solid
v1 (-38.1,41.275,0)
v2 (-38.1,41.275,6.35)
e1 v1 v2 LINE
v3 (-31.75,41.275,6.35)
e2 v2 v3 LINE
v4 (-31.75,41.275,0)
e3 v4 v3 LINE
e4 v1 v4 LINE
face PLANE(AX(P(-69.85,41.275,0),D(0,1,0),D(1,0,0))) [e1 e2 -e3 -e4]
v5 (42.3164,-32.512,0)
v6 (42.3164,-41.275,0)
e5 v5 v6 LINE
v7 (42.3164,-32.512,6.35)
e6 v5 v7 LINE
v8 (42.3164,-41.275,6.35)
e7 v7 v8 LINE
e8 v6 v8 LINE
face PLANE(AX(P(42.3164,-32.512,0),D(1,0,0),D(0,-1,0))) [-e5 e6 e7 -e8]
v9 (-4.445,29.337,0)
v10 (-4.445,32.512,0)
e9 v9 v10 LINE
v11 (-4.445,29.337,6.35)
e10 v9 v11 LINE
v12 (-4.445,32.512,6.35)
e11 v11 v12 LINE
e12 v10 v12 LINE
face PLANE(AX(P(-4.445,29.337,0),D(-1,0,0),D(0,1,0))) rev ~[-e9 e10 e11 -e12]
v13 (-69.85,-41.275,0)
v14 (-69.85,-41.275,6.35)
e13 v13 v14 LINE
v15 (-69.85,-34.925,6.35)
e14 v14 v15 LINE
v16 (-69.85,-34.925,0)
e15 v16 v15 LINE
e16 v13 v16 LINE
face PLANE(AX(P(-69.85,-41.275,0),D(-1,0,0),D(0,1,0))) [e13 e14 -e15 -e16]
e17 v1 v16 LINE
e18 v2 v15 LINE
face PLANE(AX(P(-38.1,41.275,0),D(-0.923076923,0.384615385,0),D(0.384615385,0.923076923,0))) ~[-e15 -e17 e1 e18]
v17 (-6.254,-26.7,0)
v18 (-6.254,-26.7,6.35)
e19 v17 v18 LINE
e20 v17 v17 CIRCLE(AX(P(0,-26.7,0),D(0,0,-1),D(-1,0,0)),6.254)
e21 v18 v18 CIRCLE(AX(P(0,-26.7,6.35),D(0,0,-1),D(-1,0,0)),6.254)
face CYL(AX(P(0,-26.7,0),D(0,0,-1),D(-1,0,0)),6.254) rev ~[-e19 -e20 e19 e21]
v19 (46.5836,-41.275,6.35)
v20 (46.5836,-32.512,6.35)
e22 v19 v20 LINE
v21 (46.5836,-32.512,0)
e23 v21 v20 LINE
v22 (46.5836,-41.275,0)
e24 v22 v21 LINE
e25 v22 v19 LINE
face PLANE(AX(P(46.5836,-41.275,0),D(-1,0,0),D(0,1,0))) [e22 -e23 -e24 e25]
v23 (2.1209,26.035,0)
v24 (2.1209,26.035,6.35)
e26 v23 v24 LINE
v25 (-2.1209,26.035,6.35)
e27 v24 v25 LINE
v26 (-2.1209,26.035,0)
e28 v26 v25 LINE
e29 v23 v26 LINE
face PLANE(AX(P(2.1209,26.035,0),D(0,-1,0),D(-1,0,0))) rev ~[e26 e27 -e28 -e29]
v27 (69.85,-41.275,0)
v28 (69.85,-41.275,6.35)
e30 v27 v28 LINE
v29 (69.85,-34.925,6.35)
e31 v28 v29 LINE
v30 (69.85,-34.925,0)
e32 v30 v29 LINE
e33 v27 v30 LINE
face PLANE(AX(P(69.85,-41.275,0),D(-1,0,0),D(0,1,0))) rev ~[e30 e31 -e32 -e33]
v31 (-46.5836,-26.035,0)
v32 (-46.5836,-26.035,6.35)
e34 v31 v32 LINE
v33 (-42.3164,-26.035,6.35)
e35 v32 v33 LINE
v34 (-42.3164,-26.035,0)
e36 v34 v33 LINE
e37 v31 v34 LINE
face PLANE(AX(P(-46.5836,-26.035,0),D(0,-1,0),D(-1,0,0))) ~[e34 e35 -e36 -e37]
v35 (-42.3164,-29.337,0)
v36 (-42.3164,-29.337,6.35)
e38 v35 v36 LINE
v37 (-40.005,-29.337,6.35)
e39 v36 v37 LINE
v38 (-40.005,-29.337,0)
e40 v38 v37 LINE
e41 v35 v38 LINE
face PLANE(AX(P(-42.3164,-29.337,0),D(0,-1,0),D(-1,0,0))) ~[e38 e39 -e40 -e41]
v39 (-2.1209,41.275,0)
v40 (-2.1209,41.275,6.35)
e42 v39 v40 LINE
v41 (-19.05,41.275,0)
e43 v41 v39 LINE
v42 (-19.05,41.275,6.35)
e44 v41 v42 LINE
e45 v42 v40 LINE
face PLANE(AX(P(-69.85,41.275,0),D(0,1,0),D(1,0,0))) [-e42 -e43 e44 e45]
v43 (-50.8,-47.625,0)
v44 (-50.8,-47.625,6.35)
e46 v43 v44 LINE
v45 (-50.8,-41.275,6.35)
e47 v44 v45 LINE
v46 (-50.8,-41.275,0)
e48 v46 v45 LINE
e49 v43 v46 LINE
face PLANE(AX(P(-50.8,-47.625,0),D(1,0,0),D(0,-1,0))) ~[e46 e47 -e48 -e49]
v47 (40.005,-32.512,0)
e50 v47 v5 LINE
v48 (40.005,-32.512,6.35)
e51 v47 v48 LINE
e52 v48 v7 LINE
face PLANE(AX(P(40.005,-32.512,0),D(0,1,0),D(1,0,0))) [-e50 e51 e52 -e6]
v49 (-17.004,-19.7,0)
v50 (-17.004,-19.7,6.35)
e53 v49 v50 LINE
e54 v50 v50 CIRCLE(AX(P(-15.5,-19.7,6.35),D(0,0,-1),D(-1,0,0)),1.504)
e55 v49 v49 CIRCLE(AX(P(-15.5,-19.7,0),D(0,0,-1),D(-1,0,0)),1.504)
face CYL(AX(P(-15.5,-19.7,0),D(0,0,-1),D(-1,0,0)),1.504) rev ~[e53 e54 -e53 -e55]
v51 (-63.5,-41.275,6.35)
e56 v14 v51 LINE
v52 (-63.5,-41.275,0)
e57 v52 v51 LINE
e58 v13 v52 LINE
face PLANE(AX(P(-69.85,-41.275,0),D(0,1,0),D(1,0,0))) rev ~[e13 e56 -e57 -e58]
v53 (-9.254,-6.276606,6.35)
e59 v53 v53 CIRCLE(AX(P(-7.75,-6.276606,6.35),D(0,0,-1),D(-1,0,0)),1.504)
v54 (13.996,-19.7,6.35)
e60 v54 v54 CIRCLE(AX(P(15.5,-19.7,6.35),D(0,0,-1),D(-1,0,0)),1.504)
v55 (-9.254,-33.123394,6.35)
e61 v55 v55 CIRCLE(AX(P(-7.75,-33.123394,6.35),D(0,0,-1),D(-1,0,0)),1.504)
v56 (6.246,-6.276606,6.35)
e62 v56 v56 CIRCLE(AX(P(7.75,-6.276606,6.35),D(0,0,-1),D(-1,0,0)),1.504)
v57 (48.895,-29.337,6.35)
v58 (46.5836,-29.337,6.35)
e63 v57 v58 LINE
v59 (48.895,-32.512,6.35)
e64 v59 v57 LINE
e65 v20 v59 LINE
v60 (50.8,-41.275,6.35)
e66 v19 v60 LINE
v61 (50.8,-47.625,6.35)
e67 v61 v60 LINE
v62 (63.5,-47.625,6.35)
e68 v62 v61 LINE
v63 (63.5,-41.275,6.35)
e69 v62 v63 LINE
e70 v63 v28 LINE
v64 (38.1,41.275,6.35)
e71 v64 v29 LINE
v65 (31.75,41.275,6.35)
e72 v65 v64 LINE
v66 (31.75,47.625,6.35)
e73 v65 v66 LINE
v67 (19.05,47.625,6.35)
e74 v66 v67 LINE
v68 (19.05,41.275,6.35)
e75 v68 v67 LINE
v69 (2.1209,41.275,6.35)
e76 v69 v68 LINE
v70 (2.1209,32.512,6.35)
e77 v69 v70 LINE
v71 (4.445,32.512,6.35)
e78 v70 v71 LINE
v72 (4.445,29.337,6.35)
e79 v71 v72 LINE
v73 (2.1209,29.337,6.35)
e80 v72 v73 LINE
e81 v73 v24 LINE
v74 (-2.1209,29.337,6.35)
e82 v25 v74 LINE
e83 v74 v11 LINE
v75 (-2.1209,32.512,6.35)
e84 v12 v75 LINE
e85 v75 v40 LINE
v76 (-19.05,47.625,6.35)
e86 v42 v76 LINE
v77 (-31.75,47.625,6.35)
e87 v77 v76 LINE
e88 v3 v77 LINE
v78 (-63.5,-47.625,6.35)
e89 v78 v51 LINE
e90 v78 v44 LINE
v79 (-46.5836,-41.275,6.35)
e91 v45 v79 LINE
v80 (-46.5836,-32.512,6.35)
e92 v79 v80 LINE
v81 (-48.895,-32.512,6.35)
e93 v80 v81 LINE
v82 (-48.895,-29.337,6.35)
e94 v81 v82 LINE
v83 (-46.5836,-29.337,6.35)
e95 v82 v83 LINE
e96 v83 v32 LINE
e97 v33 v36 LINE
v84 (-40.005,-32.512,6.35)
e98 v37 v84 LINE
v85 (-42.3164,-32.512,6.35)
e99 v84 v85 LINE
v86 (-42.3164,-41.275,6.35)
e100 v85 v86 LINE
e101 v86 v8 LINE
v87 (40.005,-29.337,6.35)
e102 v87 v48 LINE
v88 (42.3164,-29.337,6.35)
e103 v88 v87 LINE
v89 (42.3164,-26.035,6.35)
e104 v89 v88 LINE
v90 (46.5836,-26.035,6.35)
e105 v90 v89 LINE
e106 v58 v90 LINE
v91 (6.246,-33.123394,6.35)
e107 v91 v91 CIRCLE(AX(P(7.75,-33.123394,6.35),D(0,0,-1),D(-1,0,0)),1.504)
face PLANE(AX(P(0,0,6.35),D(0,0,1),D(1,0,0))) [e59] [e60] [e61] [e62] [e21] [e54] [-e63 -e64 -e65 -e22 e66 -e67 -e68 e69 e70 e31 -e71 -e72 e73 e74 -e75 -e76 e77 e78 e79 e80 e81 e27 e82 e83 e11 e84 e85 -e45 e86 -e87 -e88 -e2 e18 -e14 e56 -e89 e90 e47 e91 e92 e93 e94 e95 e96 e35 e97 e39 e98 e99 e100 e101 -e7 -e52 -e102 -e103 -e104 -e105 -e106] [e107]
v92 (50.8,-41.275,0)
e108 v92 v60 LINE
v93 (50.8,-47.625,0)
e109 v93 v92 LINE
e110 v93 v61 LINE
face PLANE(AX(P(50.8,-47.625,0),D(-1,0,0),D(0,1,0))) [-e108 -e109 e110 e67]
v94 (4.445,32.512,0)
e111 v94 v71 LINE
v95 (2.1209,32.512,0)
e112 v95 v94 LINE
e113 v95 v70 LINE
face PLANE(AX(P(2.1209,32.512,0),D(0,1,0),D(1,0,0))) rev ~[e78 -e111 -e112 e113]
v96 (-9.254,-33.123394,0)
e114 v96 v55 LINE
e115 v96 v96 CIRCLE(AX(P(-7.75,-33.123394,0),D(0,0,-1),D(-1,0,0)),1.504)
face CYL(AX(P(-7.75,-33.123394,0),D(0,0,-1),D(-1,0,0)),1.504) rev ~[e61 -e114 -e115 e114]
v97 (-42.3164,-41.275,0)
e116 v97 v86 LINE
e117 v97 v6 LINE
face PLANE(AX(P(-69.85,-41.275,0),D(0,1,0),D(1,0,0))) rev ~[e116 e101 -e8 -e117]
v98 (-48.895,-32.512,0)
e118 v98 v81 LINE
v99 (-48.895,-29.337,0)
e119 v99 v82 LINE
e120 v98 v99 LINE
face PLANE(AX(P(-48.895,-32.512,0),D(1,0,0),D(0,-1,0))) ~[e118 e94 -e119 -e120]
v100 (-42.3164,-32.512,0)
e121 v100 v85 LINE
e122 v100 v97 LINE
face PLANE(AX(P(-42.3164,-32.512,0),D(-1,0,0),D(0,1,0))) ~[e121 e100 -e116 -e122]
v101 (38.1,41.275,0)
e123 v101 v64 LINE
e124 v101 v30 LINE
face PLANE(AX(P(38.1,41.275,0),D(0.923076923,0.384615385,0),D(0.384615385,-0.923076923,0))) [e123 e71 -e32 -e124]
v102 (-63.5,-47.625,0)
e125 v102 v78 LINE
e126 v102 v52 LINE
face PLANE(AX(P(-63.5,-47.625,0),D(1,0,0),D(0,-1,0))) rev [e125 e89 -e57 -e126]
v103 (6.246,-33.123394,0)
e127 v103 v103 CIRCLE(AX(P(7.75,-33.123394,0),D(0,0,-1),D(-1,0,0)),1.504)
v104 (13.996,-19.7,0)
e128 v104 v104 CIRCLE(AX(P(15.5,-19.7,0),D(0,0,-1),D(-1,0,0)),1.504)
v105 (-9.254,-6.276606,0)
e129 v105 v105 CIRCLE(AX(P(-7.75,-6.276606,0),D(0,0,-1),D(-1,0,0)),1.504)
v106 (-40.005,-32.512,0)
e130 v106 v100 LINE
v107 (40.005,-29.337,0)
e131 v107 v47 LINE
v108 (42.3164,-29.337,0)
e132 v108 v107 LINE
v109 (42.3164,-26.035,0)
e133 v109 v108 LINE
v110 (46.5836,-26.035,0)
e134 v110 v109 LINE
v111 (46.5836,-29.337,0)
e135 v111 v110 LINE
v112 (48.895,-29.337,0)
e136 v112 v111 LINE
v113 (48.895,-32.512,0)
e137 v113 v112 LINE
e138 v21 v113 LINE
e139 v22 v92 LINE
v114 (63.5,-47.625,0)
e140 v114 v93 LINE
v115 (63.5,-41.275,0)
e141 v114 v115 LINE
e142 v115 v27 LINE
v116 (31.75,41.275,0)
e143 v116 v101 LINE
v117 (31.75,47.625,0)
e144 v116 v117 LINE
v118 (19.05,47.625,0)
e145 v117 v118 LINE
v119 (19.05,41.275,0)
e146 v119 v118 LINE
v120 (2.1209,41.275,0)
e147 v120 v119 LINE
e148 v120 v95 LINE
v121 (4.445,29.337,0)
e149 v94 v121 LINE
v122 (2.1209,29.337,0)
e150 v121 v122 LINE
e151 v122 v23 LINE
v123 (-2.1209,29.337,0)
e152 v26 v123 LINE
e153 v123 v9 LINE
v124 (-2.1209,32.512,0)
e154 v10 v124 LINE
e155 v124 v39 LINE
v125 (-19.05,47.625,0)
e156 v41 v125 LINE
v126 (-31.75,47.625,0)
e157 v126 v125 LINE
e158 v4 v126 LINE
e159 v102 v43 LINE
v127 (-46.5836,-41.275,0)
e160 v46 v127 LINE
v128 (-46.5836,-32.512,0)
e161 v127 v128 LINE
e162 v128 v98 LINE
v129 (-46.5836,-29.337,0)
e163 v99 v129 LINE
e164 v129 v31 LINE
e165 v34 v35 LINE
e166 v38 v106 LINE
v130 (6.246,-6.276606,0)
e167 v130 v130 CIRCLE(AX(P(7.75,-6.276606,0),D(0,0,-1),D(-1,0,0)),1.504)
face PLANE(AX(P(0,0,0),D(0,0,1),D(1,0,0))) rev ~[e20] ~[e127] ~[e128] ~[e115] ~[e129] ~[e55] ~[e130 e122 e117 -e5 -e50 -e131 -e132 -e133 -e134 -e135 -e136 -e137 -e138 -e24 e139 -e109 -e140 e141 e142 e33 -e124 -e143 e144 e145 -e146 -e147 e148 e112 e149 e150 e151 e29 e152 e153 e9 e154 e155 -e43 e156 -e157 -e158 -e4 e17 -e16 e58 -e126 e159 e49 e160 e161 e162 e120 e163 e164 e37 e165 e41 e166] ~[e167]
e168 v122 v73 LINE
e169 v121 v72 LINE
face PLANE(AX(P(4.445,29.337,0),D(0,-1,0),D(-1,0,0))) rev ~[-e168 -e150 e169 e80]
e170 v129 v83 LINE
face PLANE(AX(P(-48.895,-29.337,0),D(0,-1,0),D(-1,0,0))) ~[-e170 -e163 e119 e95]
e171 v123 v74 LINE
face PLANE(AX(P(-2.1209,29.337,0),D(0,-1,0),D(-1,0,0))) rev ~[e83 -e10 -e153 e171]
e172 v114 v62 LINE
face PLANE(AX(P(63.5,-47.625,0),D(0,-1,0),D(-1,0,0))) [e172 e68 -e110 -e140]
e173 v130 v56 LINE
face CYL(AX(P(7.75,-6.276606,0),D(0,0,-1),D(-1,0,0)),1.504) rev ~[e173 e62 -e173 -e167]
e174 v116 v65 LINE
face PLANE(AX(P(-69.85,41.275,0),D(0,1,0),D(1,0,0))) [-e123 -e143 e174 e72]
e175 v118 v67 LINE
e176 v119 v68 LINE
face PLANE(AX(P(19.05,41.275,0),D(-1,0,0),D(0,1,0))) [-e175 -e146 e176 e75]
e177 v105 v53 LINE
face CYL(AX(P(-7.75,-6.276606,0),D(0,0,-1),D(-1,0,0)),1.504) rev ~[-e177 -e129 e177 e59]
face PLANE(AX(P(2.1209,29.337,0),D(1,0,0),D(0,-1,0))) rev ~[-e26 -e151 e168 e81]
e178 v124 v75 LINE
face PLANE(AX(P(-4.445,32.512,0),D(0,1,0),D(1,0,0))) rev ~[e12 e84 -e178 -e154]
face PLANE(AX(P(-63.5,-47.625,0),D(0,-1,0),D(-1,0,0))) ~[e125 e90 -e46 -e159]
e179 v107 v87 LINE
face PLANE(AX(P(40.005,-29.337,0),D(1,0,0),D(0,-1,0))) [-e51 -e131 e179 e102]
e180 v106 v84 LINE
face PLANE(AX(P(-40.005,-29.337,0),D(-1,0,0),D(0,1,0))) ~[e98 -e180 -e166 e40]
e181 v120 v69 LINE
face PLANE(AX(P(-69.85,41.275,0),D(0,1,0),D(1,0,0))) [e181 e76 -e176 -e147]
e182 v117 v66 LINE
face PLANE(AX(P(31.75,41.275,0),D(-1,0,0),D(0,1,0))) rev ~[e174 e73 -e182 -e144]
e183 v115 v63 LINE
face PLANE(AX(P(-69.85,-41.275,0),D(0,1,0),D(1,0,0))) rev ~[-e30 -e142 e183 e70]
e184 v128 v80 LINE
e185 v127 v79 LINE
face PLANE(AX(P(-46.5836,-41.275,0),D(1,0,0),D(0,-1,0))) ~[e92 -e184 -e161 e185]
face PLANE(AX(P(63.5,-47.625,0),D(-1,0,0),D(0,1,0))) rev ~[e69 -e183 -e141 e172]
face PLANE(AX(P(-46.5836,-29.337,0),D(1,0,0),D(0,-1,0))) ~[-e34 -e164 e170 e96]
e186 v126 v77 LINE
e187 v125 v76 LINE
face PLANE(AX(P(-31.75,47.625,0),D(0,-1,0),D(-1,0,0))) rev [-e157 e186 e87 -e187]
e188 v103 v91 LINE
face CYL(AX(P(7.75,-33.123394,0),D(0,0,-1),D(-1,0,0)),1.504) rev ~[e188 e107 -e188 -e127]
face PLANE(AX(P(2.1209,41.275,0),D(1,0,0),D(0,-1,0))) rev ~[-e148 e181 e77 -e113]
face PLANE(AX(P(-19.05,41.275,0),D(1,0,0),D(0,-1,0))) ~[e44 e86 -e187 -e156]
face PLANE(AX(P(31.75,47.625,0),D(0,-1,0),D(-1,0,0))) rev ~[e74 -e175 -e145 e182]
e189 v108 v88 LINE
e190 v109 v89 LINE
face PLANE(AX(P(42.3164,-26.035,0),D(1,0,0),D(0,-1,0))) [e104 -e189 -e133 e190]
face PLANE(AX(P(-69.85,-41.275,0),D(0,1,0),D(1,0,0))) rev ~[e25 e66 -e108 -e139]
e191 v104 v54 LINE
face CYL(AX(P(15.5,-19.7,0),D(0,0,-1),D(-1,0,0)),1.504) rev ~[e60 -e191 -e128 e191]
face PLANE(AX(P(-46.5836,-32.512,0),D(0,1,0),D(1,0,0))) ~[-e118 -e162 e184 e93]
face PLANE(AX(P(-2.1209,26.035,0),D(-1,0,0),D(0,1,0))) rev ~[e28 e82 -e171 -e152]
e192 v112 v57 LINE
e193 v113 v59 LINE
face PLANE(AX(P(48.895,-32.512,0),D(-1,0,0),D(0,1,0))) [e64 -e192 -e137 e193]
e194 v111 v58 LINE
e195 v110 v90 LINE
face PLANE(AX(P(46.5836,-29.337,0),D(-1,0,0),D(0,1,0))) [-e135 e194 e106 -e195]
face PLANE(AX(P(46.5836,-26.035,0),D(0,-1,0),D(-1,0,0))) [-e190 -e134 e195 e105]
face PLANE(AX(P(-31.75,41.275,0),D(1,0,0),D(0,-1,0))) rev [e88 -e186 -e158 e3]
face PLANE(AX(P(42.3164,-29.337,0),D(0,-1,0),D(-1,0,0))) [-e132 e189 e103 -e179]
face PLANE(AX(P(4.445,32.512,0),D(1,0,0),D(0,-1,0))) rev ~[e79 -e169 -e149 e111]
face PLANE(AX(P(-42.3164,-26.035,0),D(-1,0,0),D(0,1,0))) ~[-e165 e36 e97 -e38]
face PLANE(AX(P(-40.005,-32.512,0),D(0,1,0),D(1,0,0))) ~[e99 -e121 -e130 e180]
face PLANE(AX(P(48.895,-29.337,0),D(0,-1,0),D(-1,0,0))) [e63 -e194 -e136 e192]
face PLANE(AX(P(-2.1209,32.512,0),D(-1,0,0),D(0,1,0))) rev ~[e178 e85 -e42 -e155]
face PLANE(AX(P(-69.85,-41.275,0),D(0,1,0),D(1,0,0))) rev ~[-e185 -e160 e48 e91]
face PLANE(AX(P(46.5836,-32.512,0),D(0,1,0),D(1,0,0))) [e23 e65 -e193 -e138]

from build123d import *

# Parameters (mm, degrees)
SKETCH1_W           = 139.7
SKETCH1_H           = 82.55
BOSS_EXTRUDE1_DEPTH = 6.35
SKETCH2_W           = 12.7
SKETCH2_H           = 6.35
BOSS_EXTRUDE2_DEPTH = 6.35
CUT_EXTRUDE1_DEPTH  = 6.35
CUT_EXTRUDE8_DEPTH  = 6.35
CUT_EXTRUDE2_DEPTH  = 6.35
SKETCH5_R           = 6.254
SKETCH5_R_2         = 1.504
CUT_EXTRUDE9_DEPTH  = 6.35


with BuildPart() as part:
    # Sketch1 → Boss-Extrude1 (new body)
    with BuildSketch(Plane.XY):
        Rectangle(SKETCH1_W, SKETCH1_H)
    extrude(amount=BOSS_EXTRUDE1_DEPTH)

    # Sketch2 → Boss-Extrude2 (add)
    with BuildSketch(Plane(origin=(0, 0, 0), x_dir=(-1, 0, 0), z_dir=(0, 0, -1))):
        with Locations((-57.15, -44.45)):
            Rectangle(SKETCH2_W, SKETCH2_H)
        with Locations((-25.4, 44.45)):
            Rectangle(SKETCH2_W, SKETCH2_H)
    boss_extrude2 = extrude(amount=-BOSS_EXTRUDE2_DEPTH)

    # Sketch3 → Cut-Extrude1 (cut)
    with BuildSketch(Plane(origin=(0, 0, 0), x_dir=(-1, 0, 0), z_dir=(0, 0, -1))):
        Polygon((-46.5836, -41.275), (-46.5836, -32.512), (-48.895, -32.512), (-48.895, -29.337), (-46.5836, -29.337), (-46.5836, -26.035), (-42.3164, -26.035), (-42.3164, -29.337), (-40.005, -29.337), (-40.005, -32.512), (-42.3164, -32.512), (-42.3164, -41.275), align=None)
    cut_extrude1 = extrude(amount=-CUT_EXTRUDE1_DEPTH, mode=Mode.SUBTRACT)

    # Sketch7 → Cut-Extrude8 (cut)
    with BuildSketch(Plane(origin=(0, 0, 0), x_dir=(-1, 0, 0), z_dir=(0, 0, -1))):
        Polygon((-38.1, 41.275), (-69.85, -34.925), (-69.85, 41.275), align=None)
    cut_extrude8 = extrude(amount=-CUT_EXTRUDE8_DEPTH, mode=Mode.SUBTRACT)

    # Mirror2: Boss-Extrude2, Cut-Extrude8 across plane
    add(boss_extrude2.mirror(Plane(origin=(0, 0, 0), x_dir=(0, 0, 1), z_dir=(1, 0, 0))))
    add(cut_extrude8.mirror(Plane(origin=(0, 0, 0), x_dir=(0, 0, 1), z_dir=(1, 0, 0))), mode=Mode.SUBTRACT)

    # Mirror4: Cut-Extrude1 across plane
    add(cut_extrude1.mirror(Plane(origin=(0, 0, 0), x_dir=(0, 0, 1), z_dir=(1, 0, 0))), mode=Mode.SUBTRACT)

    # Sketch4 → Cut-Extrude2 (cut)
    with BuildSketch(Plane(origin=(0, 0, 0), x_dir=(-1, 0, 0), z_dir=(0, 0, -1))):
        Polygon((2.1209, 41.275), (-2.1209, 41.275), (-2.1209, 32.512), (-4.445, 32.512), (-4.445, 29.337), (-2.1209, 29.337), (-2.1209, 26.035), (2.1209, 26.035), (2.1209, 29.337), (4.445, 29.337), (4.445, 32.512), (2.1209, 32.512), align=None)
    extrude(amount=-CUT_EXTRUDE2_DEPTH, mode=Mode.SUBTRACT)

    # Sketch5 → Cut-Extrude9 (cut)
    with BuildSketch(Plane(origin=(0, 0, 0), x_dir=(-1, 0, 0), z_dir=(0, 0, -1))):
        with Locations((0, -26.7)):
            Circle(SKETCH5_R)
        with Locations((-15.5, -19.7)):
            Circle(SKETCH5_R_2)
        with Locations((-7.75, -6.276606241)):
            Circle(SKETCH5_R_2)
        with Locations((7.75, -6.276606241)):
            Circle(SKETCH5_R_2)
        with Locations((15.5, -19.7)):
            Circle(SKETCH5_R_2)
        with Locations((7.75, -33.123393759)):
            Circle(SKETCH5_R_2)
        with Locations((-7.75, -33.123393759)):
            Circle(SKETCH5_R_2)
    extrude(amount=-CUT_EXTRUDE9_DEPTH, mode=Mode.SUBTRACT)


solid = part.part
